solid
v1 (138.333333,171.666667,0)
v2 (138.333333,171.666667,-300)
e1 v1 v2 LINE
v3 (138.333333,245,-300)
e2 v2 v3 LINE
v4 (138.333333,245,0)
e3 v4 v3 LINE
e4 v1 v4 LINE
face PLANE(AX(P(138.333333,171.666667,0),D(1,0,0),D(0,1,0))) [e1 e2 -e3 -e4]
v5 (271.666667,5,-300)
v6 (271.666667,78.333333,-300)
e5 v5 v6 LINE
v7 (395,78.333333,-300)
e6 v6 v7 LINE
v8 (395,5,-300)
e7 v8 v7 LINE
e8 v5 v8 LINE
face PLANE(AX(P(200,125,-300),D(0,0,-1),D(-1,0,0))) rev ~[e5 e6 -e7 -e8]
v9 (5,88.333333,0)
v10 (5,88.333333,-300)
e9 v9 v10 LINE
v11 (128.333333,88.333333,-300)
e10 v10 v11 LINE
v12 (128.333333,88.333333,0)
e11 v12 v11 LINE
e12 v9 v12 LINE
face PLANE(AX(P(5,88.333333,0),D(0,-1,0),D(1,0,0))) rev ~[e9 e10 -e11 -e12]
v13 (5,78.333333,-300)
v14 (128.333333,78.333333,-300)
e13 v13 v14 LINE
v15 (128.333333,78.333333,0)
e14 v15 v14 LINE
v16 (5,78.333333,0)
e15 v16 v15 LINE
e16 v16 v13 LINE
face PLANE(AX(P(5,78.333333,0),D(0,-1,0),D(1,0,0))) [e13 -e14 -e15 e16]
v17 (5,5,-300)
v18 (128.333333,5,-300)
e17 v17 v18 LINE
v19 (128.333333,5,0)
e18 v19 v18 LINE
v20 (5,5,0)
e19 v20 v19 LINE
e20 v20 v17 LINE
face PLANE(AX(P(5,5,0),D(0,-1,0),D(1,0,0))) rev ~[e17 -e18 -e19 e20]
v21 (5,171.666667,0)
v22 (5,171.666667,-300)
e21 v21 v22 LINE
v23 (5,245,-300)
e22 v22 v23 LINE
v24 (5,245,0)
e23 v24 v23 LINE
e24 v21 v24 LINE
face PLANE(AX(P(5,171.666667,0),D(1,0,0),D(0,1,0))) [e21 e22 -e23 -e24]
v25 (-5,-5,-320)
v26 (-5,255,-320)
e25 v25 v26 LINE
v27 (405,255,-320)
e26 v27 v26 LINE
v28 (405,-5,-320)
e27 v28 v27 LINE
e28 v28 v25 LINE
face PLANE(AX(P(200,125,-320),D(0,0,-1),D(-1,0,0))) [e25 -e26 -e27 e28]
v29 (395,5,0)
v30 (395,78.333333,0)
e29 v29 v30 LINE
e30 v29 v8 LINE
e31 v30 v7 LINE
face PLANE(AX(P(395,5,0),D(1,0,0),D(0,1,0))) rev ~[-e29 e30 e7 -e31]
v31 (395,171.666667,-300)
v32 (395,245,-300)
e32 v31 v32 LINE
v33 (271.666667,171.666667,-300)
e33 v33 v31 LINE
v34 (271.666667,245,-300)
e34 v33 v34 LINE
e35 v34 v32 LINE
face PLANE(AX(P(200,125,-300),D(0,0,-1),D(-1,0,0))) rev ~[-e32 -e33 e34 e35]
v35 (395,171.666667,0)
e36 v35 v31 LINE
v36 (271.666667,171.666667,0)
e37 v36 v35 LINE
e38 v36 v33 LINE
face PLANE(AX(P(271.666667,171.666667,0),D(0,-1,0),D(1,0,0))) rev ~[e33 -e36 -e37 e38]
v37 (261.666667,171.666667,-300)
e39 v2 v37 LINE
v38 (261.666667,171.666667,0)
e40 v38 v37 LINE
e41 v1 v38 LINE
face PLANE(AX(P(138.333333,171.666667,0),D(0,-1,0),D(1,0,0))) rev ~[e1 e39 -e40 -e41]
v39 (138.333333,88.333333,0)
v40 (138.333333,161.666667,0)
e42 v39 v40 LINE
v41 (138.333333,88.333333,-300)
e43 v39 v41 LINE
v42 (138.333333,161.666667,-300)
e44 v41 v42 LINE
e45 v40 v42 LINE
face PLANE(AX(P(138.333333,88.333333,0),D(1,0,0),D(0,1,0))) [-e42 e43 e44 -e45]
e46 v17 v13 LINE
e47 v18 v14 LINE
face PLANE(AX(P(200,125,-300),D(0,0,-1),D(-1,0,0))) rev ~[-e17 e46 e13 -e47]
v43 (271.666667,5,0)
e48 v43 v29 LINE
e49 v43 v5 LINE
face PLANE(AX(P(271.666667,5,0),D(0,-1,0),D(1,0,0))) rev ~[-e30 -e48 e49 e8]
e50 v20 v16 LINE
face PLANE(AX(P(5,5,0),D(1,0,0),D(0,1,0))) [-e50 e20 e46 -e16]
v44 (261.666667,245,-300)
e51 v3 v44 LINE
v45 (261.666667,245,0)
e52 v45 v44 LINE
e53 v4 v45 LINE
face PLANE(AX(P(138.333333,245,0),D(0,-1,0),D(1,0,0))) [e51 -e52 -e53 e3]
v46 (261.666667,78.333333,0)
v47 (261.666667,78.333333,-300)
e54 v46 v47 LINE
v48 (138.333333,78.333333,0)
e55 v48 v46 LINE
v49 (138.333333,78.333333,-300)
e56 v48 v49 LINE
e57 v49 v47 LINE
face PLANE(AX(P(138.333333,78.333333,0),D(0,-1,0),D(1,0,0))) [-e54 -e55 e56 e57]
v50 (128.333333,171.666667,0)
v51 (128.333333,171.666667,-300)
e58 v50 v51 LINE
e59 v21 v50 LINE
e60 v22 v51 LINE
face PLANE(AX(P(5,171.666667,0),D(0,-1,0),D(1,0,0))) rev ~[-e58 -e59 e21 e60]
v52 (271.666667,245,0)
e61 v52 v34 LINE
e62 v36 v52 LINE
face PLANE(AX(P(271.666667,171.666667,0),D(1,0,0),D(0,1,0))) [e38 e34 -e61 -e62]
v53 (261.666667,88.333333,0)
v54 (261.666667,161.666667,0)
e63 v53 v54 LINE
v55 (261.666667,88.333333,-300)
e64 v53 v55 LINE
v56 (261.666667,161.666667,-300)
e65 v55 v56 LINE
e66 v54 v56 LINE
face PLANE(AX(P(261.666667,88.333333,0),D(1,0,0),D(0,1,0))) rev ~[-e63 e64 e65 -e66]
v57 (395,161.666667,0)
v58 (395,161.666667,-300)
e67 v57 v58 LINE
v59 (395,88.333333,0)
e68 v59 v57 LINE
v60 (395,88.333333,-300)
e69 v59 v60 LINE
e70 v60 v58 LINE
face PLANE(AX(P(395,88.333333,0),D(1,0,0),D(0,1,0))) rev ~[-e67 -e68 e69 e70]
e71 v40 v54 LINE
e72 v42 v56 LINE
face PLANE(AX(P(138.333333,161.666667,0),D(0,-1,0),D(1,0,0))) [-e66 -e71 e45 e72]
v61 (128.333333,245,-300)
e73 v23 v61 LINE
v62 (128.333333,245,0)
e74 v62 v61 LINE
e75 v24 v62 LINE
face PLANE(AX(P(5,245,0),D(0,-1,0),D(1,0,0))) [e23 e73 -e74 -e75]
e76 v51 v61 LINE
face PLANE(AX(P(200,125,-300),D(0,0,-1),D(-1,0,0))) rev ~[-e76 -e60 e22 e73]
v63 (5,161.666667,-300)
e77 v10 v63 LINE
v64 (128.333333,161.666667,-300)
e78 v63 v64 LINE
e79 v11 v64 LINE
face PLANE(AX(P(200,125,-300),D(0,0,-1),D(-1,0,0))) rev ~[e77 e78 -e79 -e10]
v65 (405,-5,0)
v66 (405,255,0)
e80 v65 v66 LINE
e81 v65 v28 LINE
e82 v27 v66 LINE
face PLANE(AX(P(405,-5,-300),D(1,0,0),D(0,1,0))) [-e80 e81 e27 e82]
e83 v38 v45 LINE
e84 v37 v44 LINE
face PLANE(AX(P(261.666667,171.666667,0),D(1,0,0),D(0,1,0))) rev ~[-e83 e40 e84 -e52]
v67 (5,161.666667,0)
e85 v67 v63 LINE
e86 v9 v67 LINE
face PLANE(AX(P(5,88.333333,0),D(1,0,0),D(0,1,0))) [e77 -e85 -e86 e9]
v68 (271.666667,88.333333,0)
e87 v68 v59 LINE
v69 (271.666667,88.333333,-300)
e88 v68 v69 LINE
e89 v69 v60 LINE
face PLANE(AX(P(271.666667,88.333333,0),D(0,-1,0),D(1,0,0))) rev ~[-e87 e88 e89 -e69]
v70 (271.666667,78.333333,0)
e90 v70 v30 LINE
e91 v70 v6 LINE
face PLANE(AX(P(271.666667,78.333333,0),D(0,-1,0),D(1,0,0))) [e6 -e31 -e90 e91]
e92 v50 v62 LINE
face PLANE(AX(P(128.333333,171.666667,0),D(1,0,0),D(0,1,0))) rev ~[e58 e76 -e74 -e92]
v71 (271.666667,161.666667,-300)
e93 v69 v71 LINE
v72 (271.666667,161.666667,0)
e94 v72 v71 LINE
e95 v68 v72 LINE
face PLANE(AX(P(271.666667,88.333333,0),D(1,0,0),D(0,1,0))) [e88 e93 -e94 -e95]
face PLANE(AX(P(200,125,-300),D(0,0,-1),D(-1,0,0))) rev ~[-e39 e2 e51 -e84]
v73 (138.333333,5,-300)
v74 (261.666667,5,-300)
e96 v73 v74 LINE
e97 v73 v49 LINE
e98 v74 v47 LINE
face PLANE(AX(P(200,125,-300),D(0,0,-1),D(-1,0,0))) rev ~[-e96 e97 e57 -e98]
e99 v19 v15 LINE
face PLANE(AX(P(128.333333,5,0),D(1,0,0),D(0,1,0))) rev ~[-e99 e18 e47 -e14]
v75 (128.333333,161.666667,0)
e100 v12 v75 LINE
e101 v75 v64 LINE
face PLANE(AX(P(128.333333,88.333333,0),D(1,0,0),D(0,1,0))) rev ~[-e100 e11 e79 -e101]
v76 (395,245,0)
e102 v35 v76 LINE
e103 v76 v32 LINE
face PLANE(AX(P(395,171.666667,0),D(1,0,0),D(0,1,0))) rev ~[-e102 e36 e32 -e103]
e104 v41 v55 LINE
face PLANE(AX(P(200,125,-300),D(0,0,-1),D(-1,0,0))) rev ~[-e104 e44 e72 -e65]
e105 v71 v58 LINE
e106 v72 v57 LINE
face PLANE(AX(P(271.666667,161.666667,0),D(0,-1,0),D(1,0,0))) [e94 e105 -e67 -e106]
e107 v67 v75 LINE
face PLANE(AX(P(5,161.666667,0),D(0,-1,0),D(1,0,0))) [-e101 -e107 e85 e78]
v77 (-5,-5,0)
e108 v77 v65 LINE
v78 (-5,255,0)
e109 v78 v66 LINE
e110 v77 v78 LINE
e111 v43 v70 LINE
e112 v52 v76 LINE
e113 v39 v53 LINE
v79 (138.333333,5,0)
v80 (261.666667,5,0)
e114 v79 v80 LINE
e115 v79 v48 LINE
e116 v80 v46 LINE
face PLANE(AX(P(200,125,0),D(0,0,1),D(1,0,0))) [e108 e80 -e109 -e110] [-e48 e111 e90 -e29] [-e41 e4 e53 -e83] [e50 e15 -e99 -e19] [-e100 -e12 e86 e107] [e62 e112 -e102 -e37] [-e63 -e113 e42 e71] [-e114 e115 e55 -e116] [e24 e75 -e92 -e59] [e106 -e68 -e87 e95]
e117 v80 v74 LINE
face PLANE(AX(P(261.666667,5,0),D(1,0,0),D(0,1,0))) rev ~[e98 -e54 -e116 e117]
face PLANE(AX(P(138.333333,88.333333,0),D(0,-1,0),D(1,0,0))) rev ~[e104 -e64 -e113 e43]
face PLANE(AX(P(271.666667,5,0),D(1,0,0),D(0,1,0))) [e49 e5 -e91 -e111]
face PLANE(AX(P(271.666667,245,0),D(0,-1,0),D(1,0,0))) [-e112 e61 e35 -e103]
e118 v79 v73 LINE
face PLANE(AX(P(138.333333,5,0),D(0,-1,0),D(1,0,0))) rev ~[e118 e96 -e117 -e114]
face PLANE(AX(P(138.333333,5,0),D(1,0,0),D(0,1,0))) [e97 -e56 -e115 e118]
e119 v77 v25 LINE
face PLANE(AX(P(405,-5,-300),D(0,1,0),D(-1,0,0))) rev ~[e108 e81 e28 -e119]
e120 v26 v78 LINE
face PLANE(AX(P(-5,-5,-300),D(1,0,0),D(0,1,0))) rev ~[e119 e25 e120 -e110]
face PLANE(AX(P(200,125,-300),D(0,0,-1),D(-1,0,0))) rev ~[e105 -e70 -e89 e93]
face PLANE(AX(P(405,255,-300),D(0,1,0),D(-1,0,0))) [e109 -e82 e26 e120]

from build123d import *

# Parameters (mm, degrees)
CROQUIS1_W              = 410
CROQUIS1_H              = 260
CROQUIS1_W_2            = 123.333333333
CROQUIS1_H_2            = 73.333333333
CROQUIS1_W_3            = 123.333333334
CROQUIS1_H_3            = 73.333333334
SALIENTE_EXTRUIR3_DEPTH = 300
CROQUIS4_W              = 410
CROQUIS4_H              = 260
SALIENTE_EXTRUIR4_DEPTH = 20


with BuildPart() as part:
    # Croquis1 → Saliente-Extruir3 (new body)
    with BuildSketch(Plane.XY):
        with Locations((200, 125)):
            Rectangle(CROQUIS1_W, CROQUIS1_H)
        with Locations((66.666666667, 41.666666666)):
            Rectangle(CROQUIS1_W_2, CROQUIS1_H_2, mode=Mode.SUBTRACT)
        with Locations((200, 41.666666666)):
            Rectangle(CROQUIS1_W_3, CROQUIS1_H_2, mode=Mode.SUBTRACT)
        with Locations((333.333333334, 125)):
            Rectangle(CROQUIS1_W_2, CROQUIS1_H_3, mode=Mode.SUBTRACT)
        with Locations((333.333333334, 41.666666666)):
            Rectangle(CROQUIS1_W_2, CROQUIS1_H_2, mode=Mode.SUBTRACT)
        with Locations((66.666666667, 125)):
            Rectangle(CROQUIS1_W_2, CROQUIS1_H_3, mode=Mode.SUBTRACT)
        with Locations((66.666666667, 208.333333334)):
            Rectangle(CROQUIS1_W_2, CROQUIS1_H_2, mode=Mode.SUBTRACT)
        with Locations((200, 125)):
            Rectangle(CROQUIS1_W_3, CROQUIS1_H_3, mode=Mode.SUBTRACT)
        with Locations((200, 208.333333334)):
            Rectangle(CROQUIS1_W_3, CROQUIS1_H_2, mode=Mode.SUBTRACT)
        with Locations((333.333333334, 208.333333334)):
            Rectangle(CROQUIS1_W_2, CROQUIS1_H_2, mode=Mode.SUBTRACT)
    extrude(amount=-SALIENTE_EXTRUIR3_DEPTH)

    # Croquis4 → Saliente-Extruir4 (add)
    with BuildSketch(Plane(origin=(0, 0, -300), x_dir=(-1, 0, 0), z_dir=(0, 0, -1))):
        with Locations((-200, 125)):
            Rectangle(CROQUIS4_W, CROQUIS4_H)
    extrude(amount=SALIENTE_EXTRUIR4_DEPTH)


solid = part.part
